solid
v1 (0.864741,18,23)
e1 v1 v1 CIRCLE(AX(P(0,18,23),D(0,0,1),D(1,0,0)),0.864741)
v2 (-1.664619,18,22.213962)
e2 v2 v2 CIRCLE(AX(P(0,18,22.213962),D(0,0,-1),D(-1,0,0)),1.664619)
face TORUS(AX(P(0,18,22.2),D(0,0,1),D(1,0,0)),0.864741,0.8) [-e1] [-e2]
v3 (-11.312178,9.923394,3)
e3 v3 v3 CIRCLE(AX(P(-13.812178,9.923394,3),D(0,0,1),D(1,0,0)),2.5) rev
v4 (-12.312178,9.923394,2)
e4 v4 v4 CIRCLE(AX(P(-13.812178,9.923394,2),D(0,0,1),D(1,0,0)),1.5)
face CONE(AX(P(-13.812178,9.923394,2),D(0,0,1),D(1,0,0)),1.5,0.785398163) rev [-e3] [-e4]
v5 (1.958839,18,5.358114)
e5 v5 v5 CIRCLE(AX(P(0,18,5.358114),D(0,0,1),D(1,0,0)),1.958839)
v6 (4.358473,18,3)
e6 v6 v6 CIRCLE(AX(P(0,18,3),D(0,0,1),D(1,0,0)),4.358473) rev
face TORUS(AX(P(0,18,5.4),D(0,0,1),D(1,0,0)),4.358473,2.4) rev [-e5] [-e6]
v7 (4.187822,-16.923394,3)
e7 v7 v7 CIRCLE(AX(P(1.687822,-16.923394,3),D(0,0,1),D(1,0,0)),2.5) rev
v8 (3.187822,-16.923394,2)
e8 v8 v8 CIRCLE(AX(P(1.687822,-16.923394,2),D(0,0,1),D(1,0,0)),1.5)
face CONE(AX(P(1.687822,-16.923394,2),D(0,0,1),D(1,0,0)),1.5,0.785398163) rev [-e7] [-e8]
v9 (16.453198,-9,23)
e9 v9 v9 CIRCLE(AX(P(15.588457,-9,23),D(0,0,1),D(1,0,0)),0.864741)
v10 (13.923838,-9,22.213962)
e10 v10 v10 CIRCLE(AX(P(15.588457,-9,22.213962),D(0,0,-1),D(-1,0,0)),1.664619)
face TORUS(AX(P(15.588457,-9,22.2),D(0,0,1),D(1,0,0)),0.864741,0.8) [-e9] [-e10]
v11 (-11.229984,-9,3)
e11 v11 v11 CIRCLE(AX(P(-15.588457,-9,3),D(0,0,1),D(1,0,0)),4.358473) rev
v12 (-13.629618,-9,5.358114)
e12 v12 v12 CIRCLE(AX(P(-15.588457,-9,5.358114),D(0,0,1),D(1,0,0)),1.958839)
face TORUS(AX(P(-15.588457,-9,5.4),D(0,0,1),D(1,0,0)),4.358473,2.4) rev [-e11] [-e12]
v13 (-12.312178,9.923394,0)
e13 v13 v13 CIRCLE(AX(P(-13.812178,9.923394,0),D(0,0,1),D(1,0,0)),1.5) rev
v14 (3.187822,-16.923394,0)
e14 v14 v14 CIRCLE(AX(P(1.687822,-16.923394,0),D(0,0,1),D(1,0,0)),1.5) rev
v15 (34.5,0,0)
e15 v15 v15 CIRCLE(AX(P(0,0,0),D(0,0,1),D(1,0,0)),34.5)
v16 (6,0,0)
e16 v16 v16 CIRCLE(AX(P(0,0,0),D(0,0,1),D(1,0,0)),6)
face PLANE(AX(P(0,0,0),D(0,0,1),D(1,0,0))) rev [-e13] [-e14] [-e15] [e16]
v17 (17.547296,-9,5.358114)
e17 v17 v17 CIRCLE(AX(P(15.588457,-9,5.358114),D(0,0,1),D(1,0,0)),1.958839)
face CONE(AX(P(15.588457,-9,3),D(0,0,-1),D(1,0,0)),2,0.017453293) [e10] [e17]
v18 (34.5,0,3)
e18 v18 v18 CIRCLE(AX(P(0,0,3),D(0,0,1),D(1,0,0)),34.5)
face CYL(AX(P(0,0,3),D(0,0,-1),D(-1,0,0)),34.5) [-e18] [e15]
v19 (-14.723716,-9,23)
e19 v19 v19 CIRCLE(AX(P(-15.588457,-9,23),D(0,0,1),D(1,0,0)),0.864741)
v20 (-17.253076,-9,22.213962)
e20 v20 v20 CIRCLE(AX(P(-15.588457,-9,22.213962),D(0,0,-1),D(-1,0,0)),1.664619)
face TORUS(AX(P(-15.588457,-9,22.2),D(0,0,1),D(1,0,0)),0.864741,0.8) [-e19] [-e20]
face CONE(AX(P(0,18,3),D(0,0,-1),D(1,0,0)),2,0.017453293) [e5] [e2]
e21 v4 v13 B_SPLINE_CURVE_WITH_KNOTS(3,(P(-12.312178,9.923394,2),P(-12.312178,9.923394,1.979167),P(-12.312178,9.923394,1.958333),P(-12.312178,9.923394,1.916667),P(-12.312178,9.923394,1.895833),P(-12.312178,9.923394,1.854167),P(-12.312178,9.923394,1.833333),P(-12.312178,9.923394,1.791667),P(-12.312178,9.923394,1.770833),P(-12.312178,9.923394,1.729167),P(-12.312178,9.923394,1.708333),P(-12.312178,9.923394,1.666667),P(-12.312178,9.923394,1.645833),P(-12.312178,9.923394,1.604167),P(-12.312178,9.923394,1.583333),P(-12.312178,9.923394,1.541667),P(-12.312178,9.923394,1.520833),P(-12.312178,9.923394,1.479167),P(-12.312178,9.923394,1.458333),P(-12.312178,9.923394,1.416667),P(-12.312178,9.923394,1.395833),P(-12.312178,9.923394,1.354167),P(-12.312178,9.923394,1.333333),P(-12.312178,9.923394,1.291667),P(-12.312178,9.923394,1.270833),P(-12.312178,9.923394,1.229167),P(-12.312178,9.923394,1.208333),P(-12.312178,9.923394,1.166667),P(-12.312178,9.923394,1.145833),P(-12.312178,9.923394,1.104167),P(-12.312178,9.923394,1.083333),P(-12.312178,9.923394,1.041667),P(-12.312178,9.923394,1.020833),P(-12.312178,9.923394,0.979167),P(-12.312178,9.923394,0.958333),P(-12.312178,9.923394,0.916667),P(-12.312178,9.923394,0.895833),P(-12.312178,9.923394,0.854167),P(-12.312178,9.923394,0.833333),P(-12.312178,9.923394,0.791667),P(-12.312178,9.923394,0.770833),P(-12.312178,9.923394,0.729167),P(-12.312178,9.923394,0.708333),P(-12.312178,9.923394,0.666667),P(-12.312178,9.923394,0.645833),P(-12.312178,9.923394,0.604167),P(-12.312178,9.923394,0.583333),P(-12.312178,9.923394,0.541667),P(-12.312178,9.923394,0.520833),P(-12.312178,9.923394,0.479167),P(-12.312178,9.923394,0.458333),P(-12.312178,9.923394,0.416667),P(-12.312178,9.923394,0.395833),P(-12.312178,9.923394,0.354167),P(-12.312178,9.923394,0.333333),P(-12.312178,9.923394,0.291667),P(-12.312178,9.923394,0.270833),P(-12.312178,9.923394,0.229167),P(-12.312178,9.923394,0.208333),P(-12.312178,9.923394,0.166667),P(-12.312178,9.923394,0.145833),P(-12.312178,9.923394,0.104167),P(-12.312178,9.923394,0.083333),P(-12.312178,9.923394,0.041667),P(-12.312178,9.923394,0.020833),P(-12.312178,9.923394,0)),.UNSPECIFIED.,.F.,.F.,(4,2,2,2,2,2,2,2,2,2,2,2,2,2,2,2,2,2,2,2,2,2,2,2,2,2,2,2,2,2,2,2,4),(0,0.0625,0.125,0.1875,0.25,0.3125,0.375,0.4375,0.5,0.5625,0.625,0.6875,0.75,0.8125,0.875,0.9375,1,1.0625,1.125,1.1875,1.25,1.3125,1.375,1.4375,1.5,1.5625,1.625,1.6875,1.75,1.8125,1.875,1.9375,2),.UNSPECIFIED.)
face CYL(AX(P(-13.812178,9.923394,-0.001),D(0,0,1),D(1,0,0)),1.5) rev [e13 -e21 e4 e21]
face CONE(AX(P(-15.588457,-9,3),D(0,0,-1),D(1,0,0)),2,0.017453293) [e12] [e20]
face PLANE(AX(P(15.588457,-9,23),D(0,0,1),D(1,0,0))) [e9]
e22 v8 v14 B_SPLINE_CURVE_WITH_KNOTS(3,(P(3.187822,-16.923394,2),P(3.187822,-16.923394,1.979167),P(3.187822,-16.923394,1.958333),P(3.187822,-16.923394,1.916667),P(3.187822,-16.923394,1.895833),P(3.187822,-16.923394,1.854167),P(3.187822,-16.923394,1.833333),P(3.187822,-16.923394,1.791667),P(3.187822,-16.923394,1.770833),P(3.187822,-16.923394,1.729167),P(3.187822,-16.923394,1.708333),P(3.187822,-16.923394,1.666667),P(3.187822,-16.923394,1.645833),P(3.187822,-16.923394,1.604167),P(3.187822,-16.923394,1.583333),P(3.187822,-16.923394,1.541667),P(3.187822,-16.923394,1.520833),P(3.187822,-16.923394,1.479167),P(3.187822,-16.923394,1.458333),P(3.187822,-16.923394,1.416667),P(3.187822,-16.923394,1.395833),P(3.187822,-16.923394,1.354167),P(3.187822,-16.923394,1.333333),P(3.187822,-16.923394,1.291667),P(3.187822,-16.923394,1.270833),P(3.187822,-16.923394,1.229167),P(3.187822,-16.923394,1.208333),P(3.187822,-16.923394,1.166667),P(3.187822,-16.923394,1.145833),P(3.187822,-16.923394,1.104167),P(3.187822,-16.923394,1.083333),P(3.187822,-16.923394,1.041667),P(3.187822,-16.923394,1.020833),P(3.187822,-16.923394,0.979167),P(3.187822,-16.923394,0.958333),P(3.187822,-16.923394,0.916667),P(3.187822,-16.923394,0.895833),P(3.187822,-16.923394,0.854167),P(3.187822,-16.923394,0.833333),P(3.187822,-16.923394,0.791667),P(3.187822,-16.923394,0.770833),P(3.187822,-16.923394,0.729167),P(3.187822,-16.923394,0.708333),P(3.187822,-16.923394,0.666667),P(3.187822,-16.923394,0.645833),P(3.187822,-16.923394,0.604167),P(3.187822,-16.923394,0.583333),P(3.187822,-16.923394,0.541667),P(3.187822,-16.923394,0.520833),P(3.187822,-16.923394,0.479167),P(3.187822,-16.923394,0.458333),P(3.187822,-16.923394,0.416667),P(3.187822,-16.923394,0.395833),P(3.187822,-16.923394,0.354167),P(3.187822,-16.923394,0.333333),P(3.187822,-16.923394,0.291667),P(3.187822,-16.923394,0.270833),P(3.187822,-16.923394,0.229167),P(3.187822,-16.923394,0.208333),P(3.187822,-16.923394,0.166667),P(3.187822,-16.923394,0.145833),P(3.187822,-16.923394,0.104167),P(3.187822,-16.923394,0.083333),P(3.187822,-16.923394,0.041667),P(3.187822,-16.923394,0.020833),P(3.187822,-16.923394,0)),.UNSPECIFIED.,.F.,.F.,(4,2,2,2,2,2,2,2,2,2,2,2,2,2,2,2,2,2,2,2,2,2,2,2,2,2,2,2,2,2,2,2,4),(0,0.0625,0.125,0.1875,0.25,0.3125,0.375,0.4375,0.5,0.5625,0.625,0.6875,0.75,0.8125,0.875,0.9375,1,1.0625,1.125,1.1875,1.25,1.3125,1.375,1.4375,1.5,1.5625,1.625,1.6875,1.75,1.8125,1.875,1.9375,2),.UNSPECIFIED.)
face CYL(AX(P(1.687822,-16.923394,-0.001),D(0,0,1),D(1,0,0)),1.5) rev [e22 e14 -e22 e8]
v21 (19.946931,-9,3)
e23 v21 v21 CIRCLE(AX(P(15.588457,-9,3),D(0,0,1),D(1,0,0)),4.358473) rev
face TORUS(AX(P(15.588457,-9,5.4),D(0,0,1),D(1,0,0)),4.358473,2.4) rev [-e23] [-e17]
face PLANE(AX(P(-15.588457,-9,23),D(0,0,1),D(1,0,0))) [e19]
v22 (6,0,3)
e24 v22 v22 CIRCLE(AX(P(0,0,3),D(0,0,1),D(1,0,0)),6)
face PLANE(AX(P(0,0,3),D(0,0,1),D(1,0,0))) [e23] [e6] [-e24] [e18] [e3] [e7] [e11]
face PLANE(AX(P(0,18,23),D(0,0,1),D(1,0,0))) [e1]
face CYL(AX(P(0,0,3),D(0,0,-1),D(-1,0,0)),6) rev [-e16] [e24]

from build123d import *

# Parameters (mm, degrees)
SKETCH3_R                = 34.5
SKETCH3_R_2              = 2
SKETCH3_R_3              = 6
BOSS_EXTRUDE1_DEPTH      = 3
BOSS_EXTRUDE2_START      = 3
SKETCH3_3_R              = 2
BOSS_EXTRUDE2_DEPTH      = 20
BOSS_EXTRUDE2_TAPER      = 1
FILLET2_R                = 0.8
FILLET3_R                = 2.4
CIRPATTERN1_COUNT        = 3
FILLET2_OF_CIRPATTERN1_R = 0.8
FILLET3_OF_CIRPATTERN1_R = 2.4
CUT_EXTRUDE1_REACH       = 54.73
SKETCH4_R                = 1.5
CHAMFER1_SIZE            = 1


with BuildPart() as part:
    # Sketch3 → Boss-Extrude1 (new body)
    # profile 1 of 2: a face of its own
    with BuildSketch(Plane(origin=(0, 0, 0), x_dir=(0, 1, 0), z_dir=(0, 0, 1))):
        with Locations(Location((0, 0, 0), (0, 0, 270))):
            Circle(SKETCH3_R)
        with Locations((18, 0)):
            Circle(SKETCH3_R_2, mode=Mode.SUBTRACT)
        with Locations(Location((0, 0, 0), (0, 0, 270))):
            Circle(SKETCH3_R_3, mode=Mode.SUBTRACT)
    # profile 2 of 2: a face of its own
    with BuildSketch(Plane(origin=(0, 0, 0), x_dir=(0, 1, 0), z_dir=(0, 0, 1))):
        with Locations((18, 0)):
            Circle(SKETCH3_R_2)
    extrude(amount=BOSS_EXTRUDE1_DEPTH)

    # Sketch3<3> → Boss-Extrude2 (add)
    with BuildSketch(Plane(origin=(0, 0, 0), x_dir=(0, 1, 0), z_dir=(0, 0, 1)).offset(BOSS_EXTRUDE2_START)):
        with Locations((18, 0)):
            Circle(SKETCH3_3_R)
    boss_extrude2 = extrude(amount=BOSS_EXTRUDE2_DEPTH, taper=BOSS_EXTRUDE2_TAPER)

    # Fillet2
    fillet2_edges = [part.edges().sort_by_distance(p)[0] for p in [
        (0, 16.349101299, 23),
    ]]
    fillet(fillet2_edges, radius=FILLET2_R)

    # Fillet3
    fillet3_edges = [part.edges().sort_by_distance(p)[0] for p in [
        (0, 16, 3),
    ]]
    fillet(fillet3_edges, radius=FILLET3_R)

    # CirPattern1: Boss-Extrude2 ×3 about axis
    cirpattern1_axis = Axis((0, 0, 0), (0, 0, 1))
    for i in range(1, CIRPATTERN1_COUNT):
        add(boss_extrude2.rotate(cirpattern1_axis, i * 360 / CIRPATTERN1_COUNT))

    # Fillet2 of CirPattern1
    fillet2_of_cirpattern1_edges = [part.edges().sort_by_distance(p)[0] for p in [
        (-14.158737054, -8.174550649, 23),
        (14.158737054, -8.174550649, 23),
    ]]
    fillet(fillet2_of_cirpattern1_edges, radius=FILLET2_OF_CIRPATTERN1_R)

    # Fillet3 of CirPattern1
    fillet3_of_cirpattern1_edges = [part.edges().sort_by_distance(p)[0] for p in [
        (-13.856406461, -8, 3),
        (13.856406461, -8, 3),
    ]]
    fillet(fillet3_of_cirpattern1_edges, radius=FILLET3_OF_CIRPATTERN1_R)

    # Sketch4 → Cut-Extrude1 (cut, up to next)
    with BuildSketch(Plane.XY.offset(3), mode=Mode.PRIVATE) as cut_extrude1_sk1:
        with Locations((1.687822174, -16.923393759)):
            Circle(SKETCH4_R)
    cut_extrude1_tool1 = extrude(cut_extrude1_sk1.sketch, amount=-CUT_EXTRUDE1_REACH, mode=Mode.PRIVATE) & part.part
    # Sketch4 → Cut-Extrude1 (cut, up to next)
    with BuildSketch(Plane.XY.offset(3), mode=Mode.PRIVATE) as cut_extrude1_sk2:
        with Locations((-13.812177826, 9.923393759)):
            Circle(SKETCH4_R)
    cut_extrude1_tool2 = extrude(cut_extrude1_sk2.sketch, amount=-CUT_EXTRUDE1_REACH, mode=Mode.PRIVATE) & part.part
    add(cut_extrude1_tool1.solids().sort_by_distance((1.687822, -16.923394, 3))[0], mode=Mode.SUBTRACT)
    add(cut_extrude1_tool2.solids().sort_by_distance((-13.812178, 9.923394, 3))[0], mode=Mode.SUBTRACT)

    # Chamfer1
    chamfer1_edges = [part.edges().sort_by_distance(p)[0] for p in [
        (0.187822174, -16.923393759, 3),
        (-15.312177826, 9.923393759, 3),
    ]]
    chamfer(chamfer1_edges, length=CHAMFER1_SIZE)


solid = part.part
